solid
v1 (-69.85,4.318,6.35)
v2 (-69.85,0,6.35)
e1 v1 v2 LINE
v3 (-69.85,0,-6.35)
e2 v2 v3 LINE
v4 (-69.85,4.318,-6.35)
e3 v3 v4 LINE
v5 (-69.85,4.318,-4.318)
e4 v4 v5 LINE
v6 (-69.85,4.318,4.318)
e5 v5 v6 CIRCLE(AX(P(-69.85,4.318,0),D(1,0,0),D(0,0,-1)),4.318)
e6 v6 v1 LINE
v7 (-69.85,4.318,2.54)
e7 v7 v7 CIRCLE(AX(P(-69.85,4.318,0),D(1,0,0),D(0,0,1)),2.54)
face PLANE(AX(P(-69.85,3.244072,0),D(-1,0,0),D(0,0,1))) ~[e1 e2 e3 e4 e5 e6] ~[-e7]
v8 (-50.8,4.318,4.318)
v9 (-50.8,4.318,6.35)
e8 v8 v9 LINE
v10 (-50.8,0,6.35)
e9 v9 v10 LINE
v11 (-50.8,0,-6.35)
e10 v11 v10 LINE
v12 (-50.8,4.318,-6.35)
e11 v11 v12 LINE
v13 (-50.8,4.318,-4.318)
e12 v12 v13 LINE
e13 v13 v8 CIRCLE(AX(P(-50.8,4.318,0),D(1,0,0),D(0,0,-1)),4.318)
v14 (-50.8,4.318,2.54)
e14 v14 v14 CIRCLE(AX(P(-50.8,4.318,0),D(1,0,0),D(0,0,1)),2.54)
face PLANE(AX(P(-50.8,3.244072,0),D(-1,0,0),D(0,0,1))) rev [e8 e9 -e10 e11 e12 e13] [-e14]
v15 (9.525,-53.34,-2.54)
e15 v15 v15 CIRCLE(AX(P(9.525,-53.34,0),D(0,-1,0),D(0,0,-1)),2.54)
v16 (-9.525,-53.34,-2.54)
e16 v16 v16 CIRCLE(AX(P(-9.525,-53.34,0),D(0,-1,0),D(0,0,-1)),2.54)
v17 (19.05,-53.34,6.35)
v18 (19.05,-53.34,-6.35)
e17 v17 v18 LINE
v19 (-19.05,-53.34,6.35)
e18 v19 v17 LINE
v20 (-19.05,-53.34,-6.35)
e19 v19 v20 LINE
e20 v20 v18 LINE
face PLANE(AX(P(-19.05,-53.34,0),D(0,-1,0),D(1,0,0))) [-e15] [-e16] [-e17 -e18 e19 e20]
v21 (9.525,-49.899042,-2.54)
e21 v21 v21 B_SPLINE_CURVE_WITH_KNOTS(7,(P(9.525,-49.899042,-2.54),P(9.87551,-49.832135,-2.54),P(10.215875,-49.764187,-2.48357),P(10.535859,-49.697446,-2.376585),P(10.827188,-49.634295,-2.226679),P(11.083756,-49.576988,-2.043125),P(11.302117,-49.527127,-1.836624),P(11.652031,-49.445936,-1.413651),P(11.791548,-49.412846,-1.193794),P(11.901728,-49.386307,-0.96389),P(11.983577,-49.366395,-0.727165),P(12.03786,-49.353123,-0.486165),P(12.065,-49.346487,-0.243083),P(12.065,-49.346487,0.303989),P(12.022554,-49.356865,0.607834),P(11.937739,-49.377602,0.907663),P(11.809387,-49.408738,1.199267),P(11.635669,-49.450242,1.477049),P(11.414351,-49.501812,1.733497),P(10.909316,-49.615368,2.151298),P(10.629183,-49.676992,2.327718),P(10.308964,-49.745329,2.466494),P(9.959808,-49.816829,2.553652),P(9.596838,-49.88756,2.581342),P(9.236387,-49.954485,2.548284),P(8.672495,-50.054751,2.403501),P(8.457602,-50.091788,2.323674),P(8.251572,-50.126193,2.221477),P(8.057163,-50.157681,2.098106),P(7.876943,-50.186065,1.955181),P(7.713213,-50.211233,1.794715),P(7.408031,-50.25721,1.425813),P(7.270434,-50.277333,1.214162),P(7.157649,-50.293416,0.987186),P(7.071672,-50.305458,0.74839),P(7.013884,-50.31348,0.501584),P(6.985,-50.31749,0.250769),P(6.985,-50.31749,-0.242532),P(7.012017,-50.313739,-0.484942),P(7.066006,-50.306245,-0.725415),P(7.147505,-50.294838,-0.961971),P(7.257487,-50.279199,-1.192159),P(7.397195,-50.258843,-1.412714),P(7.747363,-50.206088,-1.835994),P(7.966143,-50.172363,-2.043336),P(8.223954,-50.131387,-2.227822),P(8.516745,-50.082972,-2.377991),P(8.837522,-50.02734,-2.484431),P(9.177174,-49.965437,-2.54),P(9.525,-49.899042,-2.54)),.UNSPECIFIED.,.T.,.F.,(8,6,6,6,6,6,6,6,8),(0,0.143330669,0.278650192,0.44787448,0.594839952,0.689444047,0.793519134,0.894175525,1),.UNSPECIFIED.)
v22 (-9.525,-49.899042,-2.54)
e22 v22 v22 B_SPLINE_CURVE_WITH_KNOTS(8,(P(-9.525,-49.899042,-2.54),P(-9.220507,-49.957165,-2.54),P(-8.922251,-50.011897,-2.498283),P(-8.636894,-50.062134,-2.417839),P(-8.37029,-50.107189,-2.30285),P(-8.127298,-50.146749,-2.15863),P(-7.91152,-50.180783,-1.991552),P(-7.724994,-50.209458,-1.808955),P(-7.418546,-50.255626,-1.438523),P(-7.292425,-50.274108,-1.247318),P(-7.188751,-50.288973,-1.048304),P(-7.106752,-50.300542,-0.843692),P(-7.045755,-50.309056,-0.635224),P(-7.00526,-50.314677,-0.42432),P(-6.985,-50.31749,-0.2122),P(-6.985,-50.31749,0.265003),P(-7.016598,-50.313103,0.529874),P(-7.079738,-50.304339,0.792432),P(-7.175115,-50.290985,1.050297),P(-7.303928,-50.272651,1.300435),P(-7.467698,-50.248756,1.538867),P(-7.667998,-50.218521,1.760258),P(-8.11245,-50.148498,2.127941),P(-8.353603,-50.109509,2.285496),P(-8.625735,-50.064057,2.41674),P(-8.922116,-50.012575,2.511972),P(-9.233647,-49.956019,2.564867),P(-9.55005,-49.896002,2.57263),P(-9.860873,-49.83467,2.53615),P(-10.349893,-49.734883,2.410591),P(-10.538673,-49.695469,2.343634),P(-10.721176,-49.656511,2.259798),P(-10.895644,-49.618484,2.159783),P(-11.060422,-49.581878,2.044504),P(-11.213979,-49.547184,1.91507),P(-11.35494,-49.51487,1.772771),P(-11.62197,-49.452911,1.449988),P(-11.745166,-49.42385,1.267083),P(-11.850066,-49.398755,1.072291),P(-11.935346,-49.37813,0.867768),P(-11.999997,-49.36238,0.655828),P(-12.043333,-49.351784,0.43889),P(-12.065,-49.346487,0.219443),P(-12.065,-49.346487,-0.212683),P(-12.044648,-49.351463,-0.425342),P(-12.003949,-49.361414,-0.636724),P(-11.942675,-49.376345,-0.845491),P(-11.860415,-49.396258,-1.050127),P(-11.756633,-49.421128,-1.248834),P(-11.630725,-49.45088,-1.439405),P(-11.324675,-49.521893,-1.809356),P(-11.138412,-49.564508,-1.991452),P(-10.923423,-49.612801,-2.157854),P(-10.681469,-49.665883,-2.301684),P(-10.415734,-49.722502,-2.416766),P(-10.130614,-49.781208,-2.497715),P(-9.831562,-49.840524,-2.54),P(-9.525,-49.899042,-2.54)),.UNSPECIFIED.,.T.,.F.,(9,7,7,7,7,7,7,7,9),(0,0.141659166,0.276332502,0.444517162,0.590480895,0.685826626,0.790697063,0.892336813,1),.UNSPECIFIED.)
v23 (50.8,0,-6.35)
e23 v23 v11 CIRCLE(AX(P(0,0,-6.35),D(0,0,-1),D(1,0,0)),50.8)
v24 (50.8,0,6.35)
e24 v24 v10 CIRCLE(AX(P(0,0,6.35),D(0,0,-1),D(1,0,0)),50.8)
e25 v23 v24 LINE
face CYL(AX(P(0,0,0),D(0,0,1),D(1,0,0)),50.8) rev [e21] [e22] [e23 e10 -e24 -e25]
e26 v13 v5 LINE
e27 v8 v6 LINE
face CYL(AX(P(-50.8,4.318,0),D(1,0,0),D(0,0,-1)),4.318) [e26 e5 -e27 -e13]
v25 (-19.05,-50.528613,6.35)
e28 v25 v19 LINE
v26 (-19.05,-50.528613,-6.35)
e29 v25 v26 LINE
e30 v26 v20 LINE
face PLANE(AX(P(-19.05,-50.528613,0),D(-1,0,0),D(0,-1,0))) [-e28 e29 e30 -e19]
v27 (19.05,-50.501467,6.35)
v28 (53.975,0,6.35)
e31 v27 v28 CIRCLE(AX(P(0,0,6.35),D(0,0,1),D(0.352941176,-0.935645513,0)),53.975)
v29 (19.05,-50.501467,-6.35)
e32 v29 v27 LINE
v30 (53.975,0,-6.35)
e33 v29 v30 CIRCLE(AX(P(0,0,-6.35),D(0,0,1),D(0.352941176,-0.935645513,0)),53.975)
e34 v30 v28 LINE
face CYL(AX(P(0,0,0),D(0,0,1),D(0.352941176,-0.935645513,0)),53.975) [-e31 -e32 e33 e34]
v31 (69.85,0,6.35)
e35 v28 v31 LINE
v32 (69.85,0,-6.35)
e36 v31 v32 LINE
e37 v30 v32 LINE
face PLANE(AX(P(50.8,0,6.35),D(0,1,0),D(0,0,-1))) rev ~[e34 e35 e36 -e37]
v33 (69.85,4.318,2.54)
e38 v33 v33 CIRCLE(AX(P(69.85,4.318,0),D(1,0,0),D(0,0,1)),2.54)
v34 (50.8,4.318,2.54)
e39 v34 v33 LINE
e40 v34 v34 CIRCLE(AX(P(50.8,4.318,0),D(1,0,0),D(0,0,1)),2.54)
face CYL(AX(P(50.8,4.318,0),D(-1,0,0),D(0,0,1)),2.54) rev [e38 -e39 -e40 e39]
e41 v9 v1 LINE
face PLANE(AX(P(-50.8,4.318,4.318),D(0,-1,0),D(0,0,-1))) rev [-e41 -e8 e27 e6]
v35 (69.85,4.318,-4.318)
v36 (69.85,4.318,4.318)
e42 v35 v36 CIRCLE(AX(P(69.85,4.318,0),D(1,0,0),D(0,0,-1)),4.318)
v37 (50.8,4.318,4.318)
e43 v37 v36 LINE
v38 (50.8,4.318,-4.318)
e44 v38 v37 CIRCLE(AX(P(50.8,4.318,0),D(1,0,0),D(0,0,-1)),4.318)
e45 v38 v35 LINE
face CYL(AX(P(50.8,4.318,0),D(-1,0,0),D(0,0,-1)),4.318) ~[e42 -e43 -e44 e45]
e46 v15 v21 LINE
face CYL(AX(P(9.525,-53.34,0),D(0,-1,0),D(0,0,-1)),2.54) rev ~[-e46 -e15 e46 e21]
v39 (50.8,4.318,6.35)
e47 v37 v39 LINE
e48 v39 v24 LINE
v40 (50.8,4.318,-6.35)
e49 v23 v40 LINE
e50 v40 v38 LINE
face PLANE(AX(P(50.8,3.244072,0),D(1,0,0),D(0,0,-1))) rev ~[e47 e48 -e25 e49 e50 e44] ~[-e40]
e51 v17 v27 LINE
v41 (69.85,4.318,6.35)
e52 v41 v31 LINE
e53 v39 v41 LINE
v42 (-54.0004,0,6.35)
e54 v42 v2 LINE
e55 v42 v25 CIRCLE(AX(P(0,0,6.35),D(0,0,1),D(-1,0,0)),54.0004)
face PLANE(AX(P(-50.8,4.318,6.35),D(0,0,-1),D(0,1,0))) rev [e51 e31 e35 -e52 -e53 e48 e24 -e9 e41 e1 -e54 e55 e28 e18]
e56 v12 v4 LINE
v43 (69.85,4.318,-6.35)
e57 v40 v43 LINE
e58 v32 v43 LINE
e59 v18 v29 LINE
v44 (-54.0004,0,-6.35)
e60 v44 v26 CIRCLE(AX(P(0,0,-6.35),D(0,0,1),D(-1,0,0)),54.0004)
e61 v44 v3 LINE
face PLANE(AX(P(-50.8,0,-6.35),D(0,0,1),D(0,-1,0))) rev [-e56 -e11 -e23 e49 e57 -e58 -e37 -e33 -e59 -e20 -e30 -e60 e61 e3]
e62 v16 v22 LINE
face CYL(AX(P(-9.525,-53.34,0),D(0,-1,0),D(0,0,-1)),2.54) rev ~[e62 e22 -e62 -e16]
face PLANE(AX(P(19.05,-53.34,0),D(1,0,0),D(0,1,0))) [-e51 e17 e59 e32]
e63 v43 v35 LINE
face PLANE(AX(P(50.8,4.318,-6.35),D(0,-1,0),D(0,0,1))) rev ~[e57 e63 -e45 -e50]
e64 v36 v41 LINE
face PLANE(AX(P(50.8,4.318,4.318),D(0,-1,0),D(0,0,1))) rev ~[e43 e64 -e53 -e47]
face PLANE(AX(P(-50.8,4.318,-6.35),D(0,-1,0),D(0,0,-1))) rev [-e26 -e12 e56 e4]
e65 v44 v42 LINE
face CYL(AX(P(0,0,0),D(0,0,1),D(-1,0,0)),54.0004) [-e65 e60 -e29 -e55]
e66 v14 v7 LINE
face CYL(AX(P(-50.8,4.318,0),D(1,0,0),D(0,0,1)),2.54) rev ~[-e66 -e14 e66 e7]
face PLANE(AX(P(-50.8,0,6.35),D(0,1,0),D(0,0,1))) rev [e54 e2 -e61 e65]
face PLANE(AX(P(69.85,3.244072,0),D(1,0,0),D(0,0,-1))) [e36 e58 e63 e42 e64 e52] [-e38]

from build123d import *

# Parameters (mm, degrees)
BOSS_EXTRUDE1_DEPTH = 6.35
SKETCH2_R           = 2.54
BOSS_EXTRUDE2_DEPTH = 19.05
SKETCH3_R           = 2.54
CUT_EXTRUDE1_DEPTH  = 19.05


with BuildPart() as part:
    # Sketch1 → Boss-Extrude1 (new, symmetric)
    with BuildSketch(Plane.XY):
        with BuildLine():
            Line((0, -53.34), (19.05, -53.34))
            Line((19.05, -53.34), (19.05, -50.501466563))
            ThreePointArc((19.05, -50.501466563), (44.393267367, -30.700788874), (53.975, 0))
            Line((53.975, 0), (50.8, 0))
            ThreePointArc((50.8, 0), (0, -50.8), (-50.8, 0))
            Line((-50.8, 0), (-54.0004, 0))
            ThreePointArc((-54.0004, 0), (-44.411433326, -30.71917626), (-19.05, -50.528612688))
            Line((-19.05, -50.528612688), (-19.05, -53.34))
            Line((-19.05, -53.34), (0, -53.34))
        make_face()
    extrude(amount=BOSS_EXTRUDE1_DEPTH, both=True)

    # Sketch2 → Boss-Extrude2 (add)
    with BuildSketch(Plane(origin=(50.8, 0, 0), x_dir=(0, 0, -1), z_dir=(1, 0, 0))):
        with BuildLine():
            Line((-6.35, 0), (6.35, 0))
            Line((6.35, 0), (6.35, 4.318))
            Line((6.35, 4.318), (4.318, 4.318))
            ThreePointArc((4.318, 4.318), (0, 8.636), (-4.318, 4.318))
            Line((-4.318, 4.318), (-6.35, 4.318))
            Line((-6.35, 4.318), (-6.35, 0))
        make_face()
        with Locations(Location((0, 4.318, 0), (0, 0, 180))):
            Circle(SKETCH2_R, mode=Mode.SUBTRACT)
    boss_extrude2 = extrude(amount=BOSS_EXTRUDE2_DEPTH)

    # Mirror1: Boss-Extrude2 across plane
    add(boss_extrude2.mirror(Plane(origin=(0, 0, 0), x_dir=(0, 0, 1), z_dir=(1, 0, 0))))

    # Sketch3 → Cut-Extrude1 (cut)
    with BuildSketch(Plane.XZ.offset(53.34)):
        with Locations(Location((-9.525, 0, 0), (0, 0, 270))):
            Circle(SKETCH3_R)
        with Locations(Location((9.525, 0, 0), (0, 0, 270))):
            Circle(SKETCH3_R)
    extrude(amount=-CUT_EXTRUDE1_DEPTH, mode=Mode.SUBTRACT)


solid = part.part
